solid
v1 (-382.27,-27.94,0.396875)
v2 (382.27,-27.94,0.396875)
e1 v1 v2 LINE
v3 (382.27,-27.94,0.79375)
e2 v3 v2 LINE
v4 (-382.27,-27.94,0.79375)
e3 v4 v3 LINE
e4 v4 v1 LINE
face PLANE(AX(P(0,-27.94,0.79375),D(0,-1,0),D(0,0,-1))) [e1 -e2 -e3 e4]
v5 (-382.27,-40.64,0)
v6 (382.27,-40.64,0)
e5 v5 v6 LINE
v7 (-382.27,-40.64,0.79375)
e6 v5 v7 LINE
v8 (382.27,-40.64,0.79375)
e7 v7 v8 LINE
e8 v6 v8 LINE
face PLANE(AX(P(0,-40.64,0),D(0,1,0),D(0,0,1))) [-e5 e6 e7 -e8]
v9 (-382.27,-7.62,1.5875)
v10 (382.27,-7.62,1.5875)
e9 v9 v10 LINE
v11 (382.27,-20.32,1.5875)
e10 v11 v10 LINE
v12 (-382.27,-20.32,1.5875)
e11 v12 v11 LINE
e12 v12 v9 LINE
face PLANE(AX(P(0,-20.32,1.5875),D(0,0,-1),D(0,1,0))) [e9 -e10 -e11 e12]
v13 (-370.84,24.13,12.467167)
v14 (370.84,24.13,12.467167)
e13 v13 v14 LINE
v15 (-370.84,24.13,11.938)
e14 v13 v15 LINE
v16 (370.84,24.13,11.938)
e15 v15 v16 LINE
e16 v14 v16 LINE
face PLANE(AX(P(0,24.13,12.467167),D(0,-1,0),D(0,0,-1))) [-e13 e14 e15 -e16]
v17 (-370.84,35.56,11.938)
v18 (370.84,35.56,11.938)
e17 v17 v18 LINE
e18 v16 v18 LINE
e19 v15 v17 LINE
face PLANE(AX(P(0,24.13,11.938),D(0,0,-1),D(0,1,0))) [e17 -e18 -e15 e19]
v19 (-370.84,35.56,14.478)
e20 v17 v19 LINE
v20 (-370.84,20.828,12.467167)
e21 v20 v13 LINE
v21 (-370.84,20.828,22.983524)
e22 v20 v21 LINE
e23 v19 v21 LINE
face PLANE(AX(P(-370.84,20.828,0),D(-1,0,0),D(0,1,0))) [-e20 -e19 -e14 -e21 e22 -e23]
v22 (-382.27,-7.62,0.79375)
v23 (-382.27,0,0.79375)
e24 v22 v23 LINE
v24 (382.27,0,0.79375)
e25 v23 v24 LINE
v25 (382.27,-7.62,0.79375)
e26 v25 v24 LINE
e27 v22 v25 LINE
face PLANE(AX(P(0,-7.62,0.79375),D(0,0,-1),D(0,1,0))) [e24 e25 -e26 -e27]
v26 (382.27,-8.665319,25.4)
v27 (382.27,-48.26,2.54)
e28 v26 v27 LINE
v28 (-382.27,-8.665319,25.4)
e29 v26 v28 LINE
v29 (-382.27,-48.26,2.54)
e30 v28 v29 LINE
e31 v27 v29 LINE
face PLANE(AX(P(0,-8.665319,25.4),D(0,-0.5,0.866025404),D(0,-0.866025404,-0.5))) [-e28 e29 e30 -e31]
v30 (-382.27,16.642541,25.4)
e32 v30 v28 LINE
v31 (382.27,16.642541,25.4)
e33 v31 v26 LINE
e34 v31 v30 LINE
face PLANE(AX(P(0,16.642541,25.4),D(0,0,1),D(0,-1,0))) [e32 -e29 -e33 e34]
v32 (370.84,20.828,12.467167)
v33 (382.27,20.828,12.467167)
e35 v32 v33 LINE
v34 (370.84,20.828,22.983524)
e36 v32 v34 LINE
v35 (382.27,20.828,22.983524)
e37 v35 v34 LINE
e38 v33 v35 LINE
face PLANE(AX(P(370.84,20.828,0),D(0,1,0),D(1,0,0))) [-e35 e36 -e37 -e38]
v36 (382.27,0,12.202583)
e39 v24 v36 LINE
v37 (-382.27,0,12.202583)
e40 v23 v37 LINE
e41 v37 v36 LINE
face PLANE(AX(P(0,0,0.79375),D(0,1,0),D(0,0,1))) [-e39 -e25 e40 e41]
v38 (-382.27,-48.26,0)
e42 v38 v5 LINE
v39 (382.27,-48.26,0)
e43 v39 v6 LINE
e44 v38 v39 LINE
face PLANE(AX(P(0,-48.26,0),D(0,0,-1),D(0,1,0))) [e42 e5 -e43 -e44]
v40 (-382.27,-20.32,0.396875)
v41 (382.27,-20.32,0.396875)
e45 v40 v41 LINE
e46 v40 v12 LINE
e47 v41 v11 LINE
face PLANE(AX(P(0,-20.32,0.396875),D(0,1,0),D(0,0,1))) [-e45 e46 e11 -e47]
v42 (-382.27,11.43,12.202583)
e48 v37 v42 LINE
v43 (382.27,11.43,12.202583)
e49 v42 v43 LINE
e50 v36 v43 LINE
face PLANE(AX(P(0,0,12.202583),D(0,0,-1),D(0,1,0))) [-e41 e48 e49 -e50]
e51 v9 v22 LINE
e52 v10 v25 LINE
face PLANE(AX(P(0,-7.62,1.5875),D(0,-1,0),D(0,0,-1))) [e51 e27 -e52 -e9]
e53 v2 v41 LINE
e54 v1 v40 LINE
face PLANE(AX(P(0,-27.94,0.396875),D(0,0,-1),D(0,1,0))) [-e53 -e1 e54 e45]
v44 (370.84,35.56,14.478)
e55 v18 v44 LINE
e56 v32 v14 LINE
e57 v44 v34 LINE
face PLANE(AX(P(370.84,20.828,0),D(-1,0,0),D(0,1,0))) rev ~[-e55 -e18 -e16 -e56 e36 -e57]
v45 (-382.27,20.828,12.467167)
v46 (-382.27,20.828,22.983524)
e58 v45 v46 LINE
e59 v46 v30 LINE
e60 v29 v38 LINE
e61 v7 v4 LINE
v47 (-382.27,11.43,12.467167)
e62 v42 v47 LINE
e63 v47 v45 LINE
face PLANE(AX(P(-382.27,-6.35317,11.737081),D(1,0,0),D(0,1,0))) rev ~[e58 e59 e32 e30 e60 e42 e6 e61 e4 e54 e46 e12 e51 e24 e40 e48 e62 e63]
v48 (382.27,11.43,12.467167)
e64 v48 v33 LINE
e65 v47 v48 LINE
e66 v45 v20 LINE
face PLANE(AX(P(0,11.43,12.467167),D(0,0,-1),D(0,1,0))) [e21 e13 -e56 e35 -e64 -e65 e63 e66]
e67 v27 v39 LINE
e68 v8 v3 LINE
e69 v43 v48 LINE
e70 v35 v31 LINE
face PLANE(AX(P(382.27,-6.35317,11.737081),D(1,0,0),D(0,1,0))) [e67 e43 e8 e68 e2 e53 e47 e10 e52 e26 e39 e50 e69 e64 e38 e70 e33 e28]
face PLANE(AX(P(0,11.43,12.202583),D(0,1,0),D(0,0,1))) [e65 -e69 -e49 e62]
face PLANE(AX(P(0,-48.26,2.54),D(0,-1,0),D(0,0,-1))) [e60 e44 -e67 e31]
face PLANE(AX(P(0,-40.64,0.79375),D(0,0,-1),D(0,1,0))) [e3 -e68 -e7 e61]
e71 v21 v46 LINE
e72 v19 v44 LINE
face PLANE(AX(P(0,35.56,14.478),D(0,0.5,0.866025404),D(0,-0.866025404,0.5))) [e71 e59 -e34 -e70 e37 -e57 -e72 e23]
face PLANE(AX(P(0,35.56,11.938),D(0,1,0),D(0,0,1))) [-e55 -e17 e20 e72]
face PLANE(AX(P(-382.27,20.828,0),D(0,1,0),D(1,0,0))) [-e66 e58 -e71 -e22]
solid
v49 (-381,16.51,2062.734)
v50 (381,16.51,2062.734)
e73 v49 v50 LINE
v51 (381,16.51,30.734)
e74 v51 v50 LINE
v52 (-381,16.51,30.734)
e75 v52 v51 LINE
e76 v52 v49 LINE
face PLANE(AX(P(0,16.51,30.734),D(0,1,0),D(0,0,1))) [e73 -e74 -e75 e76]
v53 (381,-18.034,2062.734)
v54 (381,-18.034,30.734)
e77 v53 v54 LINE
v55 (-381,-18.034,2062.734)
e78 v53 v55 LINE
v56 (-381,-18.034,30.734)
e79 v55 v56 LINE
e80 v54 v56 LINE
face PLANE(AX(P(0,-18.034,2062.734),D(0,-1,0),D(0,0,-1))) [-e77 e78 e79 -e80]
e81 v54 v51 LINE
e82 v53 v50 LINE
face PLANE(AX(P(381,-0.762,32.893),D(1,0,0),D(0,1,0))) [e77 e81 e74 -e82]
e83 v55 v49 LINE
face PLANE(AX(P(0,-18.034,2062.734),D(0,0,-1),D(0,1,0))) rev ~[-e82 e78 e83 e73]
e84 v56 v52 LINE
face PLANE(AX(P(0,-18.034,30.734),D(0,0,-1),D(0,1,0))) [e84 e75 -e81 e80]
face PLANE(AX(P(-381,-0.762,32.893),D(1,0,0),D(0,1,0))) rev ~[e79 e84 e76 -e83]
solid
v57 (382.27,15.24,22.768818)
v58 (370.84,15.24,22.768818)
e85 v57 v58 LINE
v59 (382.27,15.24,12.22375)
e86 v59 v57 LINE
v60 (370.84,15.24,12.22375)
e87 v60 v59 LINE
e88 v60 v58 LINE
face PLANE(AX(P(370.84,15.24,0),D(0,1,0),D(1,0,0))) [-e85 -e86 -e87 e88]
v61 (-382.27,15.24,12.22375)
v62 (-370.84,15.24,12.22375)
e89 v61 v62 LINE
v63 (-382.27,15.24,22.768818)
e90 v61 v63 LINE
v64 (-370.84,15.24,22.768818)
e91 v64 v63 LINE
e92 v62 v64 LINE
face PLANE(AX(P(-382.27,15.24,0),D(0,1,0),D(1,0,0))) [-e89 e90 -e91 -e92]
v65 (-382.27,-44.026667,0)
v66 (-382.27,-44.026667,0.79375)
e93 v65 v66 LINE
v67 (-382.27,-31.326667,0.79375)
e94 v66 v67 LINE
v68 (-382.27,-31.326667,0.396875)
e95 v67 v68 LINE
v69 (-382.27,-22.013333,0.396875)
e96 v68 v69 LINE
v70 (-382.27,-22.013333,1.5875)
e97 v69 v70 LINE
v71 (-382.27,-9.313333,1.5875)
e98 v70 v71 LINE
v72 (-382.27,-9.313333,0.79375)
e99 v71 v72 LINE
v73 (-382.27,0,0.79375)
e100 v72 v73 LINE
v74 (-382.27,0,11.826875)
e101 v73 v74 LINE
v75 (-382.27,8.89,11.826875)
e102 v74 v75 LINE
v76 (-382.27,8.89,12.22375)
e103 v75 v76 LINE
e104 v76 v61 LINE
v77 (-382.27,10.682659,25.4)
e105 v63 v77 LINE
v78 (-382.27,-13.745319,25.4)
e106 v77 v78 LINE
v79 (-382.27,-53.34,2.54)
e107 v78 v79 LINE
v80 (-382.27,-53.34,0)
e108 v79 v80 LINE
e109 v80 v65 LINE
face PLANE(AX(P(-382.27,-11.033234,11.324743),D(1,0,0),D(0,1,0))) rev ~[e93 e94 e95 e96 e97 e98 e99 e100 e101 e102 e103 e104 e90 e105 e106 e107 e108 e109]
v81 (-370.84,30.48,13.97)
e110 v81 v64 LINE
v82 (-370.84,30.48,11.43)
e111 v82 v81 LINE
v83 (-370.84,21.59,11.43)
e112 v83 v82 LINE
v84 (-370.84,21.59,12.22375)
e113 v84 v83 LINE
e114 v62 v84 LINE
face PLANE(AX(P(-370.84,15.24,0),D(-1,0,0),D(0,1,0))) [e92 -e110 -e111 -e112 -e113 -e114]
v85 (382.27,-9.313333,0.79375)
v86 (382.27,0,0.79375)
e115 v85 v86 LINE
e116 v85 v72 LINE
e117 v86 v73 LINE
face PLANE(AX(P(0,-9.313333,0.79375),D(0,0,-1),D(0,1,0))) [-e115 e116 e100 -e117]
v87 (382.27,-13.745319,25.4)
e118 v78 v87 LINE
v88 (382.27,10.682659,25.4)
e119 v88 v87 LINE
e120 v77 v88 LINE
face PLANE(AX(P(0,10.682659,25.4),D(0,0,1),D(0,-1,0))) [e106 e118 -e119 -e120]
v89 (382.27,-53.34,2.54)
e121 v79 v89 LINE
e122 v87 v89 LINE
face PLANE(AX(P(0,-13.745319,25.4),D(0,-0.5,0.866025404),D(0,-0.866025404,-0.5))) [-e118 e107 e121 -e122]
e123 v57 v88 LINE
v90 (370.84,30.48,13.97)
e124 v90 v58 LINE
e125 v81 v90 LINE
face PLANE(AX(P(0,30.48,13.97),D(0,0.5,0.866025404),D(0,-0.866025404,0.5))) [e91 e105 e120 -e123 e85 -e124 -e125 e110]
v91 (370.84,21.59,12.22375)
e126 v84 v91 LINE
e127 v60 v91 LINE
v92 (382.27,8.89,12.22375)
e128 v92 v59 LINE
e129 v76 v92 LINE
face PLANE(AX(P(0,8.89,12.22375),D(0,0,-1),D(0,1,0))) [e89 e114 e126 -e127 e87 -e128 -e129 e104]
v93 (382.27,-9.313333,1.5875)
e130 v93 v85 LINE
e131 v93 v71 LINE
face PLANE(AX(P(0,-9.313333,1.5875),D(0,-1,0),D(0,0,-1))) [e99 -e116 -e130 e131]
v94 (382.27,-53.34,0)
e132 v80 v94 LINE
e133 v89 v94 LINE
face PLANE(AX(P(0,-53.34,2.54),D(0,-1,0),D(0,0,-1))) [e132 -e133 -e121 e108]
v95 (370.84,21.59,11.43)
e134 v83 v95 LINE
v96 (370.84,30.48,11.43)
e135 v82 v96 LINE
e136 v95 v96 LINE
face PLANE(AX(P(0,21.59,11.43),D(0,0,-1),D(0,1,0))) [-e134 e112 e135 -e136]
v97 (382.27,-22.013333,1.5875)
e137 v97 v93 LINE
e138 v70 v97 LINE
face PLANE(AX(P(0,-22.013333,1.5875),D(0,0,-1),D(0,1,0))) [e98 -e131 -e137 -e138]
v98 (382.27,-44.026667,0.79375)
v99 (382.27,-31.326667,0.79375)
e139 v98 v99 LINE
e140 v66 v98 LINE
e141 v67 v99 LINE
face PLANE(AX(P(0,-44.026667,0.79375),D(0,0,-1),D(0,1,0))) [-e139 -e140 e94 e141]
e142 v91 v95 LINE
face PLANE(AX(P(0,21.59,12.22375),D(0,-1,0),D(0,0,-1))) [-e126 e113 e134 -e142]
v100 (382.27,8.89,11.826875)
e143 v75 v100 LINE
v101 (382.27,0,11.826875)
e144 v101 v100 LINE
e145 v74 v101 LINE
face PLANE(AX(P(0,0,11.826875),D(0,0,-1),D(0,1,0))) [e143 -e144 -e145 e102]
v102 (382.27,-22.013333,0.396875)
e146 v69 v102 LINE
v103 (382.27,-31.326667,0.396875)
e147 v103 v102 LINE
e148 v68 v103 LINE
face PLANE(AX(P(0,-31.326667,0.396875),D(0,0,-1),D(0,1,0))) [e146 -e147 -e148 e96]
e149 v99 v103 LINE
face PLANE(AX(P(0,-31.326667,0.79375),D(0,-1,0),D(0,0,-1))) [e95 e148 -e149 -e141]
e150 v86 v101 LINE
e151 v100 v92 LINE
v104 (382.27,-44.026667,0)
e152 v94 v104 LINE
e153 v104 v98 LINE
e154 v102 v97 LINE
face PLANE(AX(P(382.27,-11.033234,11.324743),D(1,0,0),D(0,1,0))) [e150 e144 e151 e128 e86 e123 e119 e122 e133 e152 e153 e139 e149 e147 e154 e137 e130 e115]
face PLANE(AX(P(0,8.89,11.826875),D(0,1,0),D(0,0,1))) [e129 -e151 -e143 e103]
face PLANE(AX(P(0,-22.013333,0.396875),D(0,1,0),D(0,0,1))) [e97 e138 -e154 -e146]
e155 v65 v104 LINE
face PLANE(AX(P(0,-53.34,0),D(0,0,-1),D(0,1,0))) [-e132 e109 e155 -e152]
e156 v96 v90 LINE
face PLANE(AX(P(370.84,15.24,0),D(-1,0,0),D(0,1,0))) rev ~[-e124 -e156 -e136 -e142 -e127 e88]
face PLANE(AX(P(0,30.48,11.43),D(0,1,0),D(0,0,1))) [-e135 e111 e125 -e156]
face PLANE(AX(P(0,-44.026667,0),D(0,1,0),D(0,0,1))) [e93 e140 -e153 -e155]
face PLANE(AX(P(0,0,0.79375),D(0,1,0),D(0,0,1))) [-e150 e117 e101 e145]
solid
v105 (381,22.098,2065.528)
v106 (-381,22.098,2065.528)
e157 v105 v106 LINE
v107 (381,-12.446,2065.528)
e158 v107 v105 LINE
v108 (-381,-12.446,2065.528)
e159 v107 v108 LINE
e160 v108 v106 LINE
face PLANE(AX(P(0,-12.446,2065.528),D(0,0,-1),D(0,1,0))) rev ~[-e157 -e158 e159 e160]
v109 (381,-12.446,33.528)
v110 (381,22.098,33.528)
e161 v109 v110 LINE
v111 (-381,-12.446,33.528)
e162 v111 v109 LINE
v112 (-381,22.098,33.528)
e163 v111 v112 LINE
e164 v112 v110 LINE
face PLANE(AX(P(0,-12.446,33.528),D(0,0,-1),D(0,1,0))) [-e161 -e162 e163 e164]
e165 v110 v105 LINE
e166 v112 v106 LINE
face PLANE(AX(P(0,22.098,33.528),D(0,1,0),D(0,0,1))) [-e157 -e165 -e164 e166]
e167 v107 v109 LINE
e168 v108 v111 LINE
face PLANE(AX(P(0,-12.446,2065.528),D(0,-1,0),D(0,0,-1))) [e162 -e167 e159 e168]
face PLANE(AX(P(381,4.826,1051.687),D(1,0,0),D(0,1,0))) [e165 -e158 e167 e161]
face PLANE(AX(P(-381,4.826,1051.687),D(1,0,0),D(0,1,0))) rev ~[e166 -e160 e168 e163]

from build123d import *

# Parameters (mm, degrees)
F0_W      = 34.544
F0_H      = 4.318
F0_H_2    = 2027.682
F2_DEPTH  = 381
F1_W      = 34.544
F1_H      = 2027.682
F1_H_2    = 4.318
F3_DEPTH  = 381
F6_DEPTH  = 382.27
F7_DEPTH  = 382.27
F8_W      = 11.43
F8_H      = 53.34
F10_DEPTH = 2065.529
F9_W      = 11.43
F9_H      = 53.34
F11_DEPTH = 2065.529


with BuildPart() as f2:
    # F0 (on Right) → F2 (new body, symmetric)
    with BuildSketch(Plane.YZ):
        with Locations((-0.762, 32.893)):
            Rectangle(F0_W, F0_H)
        with Locations((-0.762, 1048.893)):
            Rectangle(F0_W, F0_H_2)
    extrude(amount=F2_DEPTH, both=True)


with BuildPart() as f3:
    # F1 (on Right) → F3 (new body, symmetric)
    with BuildSketch(Plane.YZ):
        with Locations((4.826, 1051.687)):
            Rectangle(F1_W, F1_H)
        with Locations((4.826, 35.687)):
            Rectangle(F1_W, F1_H_2)
    extrude(amount=F3_DEPTH, both=True)


with BuildPart() as f6:
    # F4 (on Right) → F6 (new body, symmetric)
    with BuildSketch(Plane.YZ):
        Polygon((0, 0.79375), (0, 11.826875), (8.89, 11.826875), (8.89, 12.22375), (21.59, 12.22375), (21.59, 11.43), (30.48, 11.43), (30.48, 13.97), (10.6826592695, 25.4), (-13.745318539, 25.4), (-53.34, 2.54), (-53.34, 0), (-44.0266666667, 0), (-44.0266666667, 0.79375), (-31.3266666667, 0.79375), (-31.3266666667, 0.396875), (-22.0133333333, 0.396875), (-22.0133333333, 1.5875), (-9.3133333333, 1.5875), (-9.3133333333, 0.79375), align=None)
    extrude(amount=F6_DEPTH, both=True)

    # F8 (on Top) → F10 (cut, through all)
    with BuildSketch(Plane.XY):
        with Locations((-376.555, 41.91)):
            Rectangle(F8_W, F8_H)
        with Locations((376.555, 41.91)):
            Rectangle(F8_W, F8_H)
    extrude(amount=F10_DEPTH, mode=Mode.SUBTRACT)


with BuildPart() as f7:
    # F5 (on Right) → F7 (new body, symmetric)
    with BuildSketch(Plane.YZ):
        Polygon((-48.26, 2.54), (-48.26, 0), (-40.64, 0), (-40.64, 0.79375), (-27.94, 0.79375), (-27.94, 0.396875), (-20.32, 0.396875), (-20.32, 1.5875), (-7.62, 1.5875), (-7.62, 0.79375), (0, 0.79375), (0, 12.2025833333), (11.43, 12.2025833333), (11.43, 12.4671666667), (24.13, 12.4671666667), (24.13, 11.938), (35.56, 11.938), (35.56, 14.478), (16.6425410797, 25.4), (-8.665318539, 25.4), align=None)
    extrude(amount=F7_DEPTH, both=True)

    # F9 (on Top) → F11 (cut, through all)
    with BuildSketch(Plane.XY):
        with Locations((-376.555, 47.498)):
            Rectangle(F9_W, F9_H)
        with Locations((376.555, 47.498)):
            Rectangle(F9_W, F9_H)
    extrude(amount=F11_DEPTH, mode=Mode.SUBTRACT)


solid = Compound([f2.part, f3.part, f6.part, f7.part])
